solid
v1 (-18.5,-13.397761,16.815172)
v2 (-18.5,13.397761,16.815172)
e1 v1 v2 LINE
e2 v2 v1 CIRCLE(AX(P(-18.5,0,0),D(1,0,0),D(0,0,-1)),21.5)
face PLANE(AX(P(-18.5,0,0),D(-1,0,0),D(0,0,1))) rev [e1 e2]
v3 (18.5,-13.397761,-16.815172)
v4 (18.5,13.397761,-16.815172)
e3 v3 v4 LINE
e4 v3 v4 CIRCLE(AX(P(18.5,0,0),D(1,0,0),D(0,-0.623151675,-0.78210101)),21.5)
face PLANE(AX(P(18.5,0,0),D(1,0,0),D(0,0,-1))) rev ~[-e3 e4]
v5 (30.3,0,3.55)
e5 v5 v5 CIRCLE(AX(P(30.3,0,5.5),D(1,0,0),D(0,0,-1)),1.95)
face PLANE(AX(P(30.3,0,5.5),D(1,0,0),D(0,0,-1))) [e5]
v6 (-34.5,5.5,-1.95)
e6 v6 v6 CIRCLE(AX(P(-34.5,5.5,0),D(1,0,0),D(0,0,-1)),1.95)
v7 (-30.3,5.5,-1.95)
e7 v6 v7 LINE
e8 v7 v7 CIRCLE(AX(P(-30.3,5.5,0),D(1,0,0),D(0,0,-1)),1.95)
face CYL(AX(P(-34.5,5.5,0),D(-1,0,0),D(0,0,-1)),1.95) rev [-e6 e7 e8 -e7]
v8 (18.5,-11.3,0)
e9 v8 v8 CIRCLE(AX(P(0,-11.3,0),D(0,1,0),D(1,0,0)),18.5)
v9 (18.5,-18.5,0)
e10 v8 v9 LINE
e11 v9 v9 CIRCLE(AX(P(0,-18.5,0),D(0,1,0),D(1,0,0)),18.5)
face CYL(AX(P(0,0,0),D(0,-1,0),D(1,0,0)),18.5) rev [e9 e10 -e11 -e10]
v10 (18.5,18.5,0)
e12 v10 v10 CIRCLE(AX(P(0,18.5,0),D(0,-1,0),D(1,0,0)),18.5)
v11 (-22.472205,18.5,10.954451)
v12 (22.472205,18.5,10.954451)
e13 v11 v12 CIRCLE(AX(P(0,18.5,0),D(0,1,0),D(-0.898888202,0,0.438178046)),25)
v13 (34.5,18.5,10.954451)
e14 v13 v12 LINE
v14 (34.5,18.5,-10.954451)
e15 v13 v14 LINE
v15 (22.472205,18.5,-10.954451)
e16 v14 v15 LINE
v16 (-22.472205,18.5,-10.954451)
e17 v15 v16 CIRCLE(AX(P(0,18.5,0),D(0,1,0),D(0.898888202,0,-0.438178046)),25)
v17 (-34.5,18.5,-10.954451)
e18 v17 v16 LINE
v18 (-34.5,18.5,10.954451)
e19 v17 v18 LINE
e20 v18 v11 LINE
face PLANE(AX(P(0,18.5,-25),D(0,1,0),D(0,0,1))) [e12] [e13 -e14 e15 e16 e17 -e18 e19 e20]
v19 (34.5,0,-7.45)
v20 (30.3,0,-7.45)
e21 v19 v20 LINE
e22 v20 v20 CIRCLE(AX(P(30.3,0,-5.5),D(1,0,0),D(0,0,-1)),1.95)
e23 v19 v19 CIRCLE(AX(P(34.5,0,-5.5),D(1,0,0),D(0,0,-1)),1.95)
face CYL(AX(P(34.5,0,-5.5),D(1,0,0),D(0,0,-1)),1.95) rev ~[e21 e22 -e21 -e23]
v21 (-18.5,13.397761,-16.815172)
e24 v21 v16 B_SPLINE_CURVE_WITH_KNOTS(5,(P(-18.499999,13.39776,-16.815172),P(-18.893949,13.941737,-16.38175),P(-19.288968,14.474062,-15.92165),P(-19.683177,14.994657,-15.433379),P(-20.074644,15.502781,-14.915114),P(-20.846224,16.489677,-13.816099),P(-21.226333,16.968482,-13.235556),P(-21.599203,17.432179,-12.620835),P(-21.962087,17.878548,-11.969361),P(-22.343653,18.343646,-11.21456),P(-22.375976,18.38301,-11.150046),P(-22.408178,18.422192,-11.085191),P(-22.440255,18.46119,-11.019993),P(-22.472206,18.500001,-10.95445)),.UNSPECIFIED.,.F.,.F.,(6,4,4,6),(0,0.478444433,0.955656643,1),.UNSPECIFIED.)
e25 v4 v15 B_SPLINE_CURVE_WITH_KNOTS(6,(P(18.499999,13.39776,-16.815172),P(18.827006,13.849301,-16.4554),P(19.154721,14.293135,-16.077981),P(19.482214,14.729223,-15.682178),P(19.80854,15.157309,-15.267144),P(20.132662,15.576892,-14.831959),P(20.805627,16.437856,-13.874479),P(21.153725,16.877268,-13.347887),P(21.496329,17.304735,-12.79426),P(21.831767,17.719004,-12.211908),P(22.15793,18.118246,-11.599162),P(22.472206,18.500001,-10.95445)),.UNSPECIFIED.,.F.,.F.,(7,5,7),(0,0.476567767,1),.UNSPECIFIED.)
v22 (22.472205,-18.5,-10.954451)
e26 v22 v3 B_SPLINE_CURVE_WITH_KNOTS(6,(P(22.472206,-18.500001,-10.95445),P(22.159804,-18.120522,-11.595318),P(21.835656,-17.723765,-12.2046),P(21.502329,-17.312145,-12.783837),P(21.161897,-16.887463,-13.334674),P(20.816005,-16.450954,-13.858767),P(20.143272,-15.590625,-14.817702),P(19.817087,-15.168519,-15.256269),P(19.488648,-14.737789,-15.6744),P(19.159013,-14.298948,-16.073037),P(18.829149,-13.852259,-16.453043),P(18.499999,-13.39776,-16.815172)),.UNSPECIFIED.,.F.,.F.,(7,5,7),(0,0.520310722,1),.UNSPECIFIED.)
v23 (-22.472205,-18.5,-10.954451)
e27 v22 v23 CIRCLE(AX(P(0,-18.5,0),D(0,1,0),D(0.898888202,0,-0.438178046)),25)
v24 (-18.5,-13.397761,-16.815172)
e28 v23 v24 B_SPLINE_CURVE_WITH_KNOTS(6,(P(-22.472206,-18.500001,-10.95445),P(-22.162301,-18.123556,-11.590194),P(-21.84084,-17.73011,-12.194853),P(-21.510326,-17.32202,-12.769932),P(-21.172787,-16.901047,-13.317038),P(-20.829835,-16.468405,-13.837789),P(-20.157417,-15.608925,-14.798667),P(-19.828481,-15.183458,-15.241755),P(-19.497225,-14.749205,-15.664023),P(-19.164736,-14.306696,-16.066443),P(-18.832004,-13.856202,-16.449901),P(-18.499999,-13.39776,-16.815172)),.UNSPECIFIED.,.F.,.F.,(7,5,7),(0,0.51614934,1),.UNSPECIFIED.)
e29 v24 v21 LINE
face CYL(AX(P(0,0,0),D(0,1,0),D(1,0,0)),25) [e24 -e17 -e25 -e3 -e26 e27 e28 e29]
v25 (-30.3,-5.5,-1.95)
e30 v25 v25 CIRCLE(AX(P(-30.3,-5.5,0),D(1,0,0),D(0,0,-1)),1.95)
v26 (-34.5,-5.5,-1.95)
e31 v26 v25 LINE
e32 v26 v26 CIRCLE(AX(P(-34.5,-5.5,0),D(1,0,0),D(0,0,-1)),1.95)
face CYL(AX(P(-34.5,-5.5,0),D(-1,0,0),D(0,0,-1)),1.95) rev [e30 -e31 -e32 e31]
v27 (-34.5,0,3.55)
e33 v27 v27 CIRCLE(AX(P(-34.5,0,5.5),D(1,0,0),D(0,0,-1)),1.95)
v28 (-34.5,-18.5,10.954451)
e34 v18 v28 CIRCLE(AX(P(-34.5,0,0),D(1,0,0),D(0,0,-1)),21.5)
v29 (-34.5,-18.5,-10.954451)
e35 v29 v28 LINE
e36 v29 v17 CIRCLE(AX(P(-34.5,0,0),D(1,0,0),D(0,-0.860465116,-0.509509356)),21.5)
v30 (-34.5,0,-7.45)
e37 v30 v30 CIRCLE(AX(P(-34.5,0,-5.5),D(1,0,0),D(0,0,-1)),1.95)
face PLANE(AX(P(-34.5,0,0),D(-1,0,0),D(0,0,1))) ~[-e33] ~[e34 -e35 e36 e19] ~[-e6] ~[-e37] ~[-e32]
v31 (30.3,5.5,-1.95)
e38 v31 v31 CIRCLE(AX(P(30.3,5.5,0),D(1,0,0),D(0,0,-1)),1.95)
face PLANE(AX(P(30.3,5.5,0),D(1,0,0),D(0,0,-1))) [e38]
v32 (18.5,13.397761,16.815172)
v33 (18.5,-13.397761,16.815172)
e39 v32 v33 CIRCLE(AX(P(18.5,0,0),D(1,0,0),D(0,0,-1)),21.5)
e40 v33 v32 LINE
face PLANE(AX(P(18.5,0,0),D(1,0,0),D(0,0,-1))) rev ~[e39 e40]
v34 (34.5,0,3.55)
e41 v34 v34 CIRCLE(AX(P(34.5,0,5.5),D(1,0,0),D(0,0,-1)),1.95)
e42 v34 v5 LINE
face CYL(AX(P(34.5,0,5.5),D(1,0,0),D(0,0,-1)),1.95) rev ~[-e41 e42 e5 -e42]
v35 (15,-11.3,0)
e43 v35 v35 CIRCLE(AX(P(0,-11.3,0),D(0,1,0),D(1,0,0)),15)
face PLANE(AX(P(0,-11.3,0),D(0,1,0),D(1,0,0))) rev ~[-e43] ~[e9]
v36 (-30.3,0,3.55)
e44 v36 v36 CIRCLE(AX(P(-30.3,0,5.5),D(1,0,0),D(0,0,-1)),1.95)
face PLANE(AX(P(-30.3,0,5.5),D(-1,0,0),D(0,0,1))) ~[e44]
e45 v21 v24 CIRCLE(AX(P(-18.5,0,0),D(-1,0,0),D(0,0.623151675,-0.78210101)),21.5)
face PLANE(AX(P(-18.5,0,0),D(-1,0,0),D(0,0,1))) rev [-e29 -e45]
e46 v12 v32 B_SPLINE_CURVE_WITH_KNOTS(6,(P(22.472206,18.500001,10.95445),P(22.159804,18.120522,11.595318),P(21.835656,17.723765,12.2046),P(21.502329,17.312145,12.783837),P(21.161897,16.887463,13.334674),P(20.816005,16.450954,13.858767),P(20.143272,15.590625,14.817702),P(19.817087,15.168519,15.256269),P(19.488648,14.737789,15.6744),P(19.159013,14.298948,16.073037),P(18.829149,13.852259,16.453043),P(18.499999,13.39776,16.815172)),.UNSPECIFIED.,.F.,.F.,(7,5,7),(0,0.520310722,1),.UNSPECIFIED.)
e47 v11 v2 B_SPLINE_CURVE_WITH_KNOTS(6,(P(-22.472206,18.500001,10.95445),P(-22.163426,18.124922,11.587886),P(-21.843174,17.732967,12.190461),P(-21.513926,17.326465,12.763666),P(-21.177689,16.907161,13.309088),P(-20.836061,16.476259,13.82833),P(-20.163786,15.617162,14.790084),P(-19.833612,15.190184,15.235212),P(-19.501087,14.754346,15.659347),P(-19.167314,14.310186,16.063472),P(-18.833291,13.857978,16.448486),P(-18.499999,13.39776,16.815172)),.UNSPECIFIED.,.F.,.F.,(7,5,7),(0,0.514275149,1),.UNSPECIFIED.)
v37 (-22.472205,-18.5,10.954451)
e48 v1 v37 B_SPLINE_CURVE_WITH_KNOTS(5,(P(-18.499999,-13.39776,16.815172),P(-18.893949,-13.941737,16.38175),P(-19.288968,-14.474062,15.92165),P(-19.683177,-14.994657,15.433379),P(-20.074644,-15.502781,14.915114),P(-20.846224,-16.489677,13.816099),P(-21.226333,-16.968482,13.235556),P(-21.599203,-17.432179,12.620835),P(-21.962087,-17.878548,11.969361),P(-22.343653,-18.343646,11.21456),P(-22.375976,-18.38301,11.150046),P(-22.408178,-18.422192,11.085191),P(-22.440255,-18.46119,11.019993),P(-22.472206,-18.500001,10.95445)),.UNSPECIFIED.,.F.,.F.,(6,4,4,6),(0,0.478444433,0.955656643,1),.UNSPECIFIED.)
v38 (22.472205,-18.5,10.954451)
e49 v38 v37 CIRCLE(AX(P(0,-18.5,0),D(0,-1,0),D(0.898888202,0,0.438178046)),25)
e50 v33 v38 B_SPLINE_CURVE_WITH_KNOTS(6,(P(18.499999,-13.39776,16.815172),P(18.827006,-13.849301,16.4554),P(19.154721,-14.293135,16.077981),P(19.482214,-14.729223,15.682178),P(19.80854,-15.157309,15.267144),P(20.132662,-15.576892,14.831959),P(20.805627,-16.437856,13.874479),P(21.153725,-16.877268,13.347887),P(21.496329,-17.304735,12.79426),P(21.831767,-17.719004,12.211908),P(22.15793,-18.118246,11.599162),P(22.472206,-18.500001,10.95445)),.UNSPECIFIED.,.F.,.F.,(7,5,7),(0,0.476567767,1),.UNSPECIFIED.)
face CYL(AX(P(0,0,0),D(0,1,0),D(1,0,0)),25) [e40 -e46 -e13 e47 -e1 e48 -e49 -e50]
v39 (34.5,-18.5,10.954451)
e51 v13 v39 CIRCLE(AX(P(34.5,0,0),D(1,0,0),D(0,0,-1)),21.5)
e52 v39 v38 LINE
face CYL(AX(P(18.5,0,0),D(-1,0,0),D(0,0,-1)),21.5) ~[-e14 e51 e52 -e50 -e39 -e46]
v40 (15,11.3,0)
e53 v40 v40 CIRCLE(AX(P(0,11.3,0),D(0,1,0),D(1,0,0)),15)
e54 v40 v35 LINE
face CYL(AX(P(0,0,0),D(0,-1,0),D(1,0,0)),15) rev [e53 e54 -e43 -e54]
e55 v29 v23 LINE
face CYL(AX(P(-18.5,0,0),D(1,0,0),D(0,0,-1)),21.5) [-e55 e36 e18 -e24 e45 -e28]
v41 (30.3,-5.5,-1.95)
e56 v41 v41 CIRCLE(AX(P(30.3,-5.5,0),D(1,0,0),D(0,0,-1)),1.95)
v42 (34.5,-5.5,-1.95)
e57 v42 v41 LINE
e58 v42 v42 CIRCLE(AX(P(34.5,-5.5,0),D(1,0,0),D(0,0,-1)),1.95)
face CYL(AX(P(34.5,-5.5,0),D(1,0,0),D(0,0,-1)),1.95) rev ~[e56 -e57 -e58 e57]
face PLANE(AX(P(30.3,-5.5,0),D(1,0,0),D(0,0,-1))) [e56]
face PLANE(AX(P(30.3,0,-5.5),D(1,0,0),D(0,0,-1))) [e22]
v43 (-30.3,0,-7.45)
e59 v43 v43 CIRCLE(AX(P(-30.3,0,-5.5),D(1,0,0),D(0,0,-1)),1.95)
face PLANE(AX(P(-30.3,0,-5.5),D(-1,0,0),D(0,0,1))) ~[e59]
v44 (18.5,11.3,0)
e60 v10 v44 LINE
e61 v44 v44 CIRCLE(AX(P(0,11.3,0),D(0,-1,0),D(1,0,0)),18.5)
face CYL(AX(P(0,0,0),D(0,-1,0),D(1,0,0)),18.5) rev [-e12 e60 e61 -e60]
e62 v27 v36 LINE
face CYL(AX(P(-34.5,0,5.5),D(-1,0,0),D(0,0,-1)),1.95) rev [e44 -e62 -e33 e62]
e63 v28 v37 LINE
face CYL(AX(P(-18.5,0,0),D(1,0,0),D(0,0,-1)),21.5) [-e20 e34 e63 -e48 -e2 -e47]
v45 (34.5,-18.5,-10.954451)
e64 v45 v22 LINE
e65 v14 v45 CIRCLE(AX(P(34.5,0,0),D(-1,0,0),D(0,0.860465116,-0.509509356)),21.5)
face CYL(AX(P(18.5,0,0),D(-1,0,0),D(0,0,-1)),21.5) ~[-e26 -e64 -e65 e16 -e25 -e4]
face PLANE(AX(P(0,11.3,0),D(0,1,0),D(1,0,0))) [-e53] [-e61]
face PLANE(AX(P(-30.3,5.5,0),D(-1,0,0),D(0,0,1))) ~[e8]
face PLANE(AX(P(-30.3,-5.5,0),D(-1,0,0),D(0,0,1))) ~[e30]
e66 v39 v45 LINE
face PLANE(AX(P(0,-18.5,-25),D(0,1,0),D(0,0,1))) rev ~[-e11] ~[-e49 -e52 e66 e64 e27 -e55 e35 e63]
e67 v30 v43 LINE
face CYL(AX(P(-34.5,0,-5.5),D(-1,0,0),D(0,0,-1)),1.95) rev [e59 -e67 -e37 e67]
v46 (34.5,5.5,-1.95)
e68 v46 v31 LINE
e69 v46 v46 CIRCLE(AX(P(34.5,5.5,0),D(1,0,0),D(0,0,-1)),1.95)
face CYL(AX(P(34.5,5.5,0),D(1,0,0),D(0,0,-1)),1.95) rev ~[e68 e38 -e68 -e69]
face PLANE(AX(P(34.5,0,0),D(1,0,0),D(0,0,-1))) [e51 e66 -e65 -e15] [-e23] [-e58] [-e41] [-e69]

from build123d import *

# Parameters (mm, degrees)
SKIZZE1_R                            = 25
SKIZZE1_R_2                          = 18.5
AUFSATZ_LINEAR_AUSTRAGEN1_DEPTH      = 18.5
SKIZZE2_R                            = 18.5
SKIZZE2_R_2                          = 15
AUFSATZ_LINEAR_AUSTRAGEN2_DEPTH      = 11.3
SKIZZE3_R                            = 21.5
AUFSATZ_LINEAR_AUSTRAGEN3_DEPTH      = 16
SKIZZE4_R                            = 1.95
SCHNITT_LINEAR_AUSTRAGEN1_DEPTH      = 4.2
SCHNITT_LINEAR_AUSTRAGEN2_DEPTH      = 67.290769445
SCHNITT_LINEAR_AUSTRAGEN2_DEPTH_BACK = 67.290769445
SKIZZE5_OUTSIDE_W                    = 64.09
SKIZZE5_OUTSIDE_H                    = 71.09
SKIZZE5_OUTSIDE_W_2                  = 37
SKIZZE5_OUTSIDE_H_2                  = 50


with BuildPart() as part:
    # Skizze1 → Aufsatz-Linear austragen1 (new, symmetric)
    with BuildSketch(Plane(origin=(0, 0, 0), x_dir=(1, 0, 0), z_dir=(0, 1, 0))):
        Circle(SKIZZE1_R)
        Circle(SKIZZE1_R_2, mode=Mode.SUBTRACT)
    extrude(amount=AUFSATZ_LINEAR_AUSTRAGEN1_DEPTH, both=True)

    # Skizze2 → Aufsatz-Linear austragen2 (add, symmetric)
    with BuildSketch(Plane(origin=(0, 0, 0), x_dir=(1, 0, 0), z_dir=(0, 1, 0))):
        Circle(SKIZZE2_R)
        Circle(SKIZZE2_R_2, mode=Mode.SUBTRACT)
    extrude(amount=AUFSATZ_LINEAR_AUSTRAGEN2_DEPTH, both=True)

    # Skizze3 → Aufsatz-Linear austragen3 (add)
    with BuildSketch(Plane(origin=(18.5, 0, 0), x_dir=(0, 0, -1), z_dir=(1, 0, 0))):
        Circle(SKIZZE3_R)
    aufsatz_linear_austragen3 = extrude(amount=AUFSATZ_LINEAR_AUSTRAGEN3_DEPTH)

    # Skizze4 → Schnitt-Linear austragen1 (cut)
    with BuildSketch(Plane(origin=(34.5, 0, 0), x_dir=(0, 0, -1), z_dir=(1, 0, 0))):
        with Locations((-5.5, 0)):
            Circle(SKIZZE4_R)
        with Locations((0, 5.5)):
            Circle(SKIZZE4_R)
        with Locations((5.5, 0)):
            Circle(SKIZZE4_R)
        with Locations((0, -5.5)):
            Circle(SKIZZE4_R)
    schnitt_linear_austragen1 = extrude(amount=-SCHNITT_LINEAR_AUSTRAGEN1_DEPTH, mode=Mode.SUBTRACT)

    # Spiegeln1: Aufsatz-Linear austragen3, Schnitt-Linear austragen1 across plane
    add(aufsatz_linear_austragen3.mirror(Plane(origin=(0, 0, 0), x_dir=(0, 0, 1), z_dir=(1, 0, 0))))
    add(schnitt_linear_austragen1.mirror(Plane(origin=(0, 0, 0), x_dir=(0, 0, 1), z_dir=(1, 0, 0))), mode=Mode.SUBTRACT)

    # Skizze5 outside → Schnitt-Linear austragen2 (cut, two sides: drawn at the far end of the back side and taken through both)
    with BuildSketch(Plane(origin=(0, 29.28598322, 0), x_dir=(0, -1, 0), z_dir=(-1, 0, 0)).offset(-SCHNITT_LINEAR_AUSTRAGEN2_DEPTH_BACK)):
        with Locations((29.286, 0)):
            Rectangle(SKIZZE5_OUTSIDE_W, SKIZZE5_OUTSIDE_H)
        with Locations((29.28598322, 0)):
            Rectangle(SKIZZE5_OUTSIDE_W_2, SKIZZE5_OUTSIDE_H_2, mode=Mode.SUBTRACT)
    extrude(amount=SCHNITT_LINEAR_AUSTRAGEN2_DEPTH + SCHNITT_LINEAR_AUSTRAGEN2_DEPTH_BACK, mode=Mode.SUBTRACT)


solid = part.part
